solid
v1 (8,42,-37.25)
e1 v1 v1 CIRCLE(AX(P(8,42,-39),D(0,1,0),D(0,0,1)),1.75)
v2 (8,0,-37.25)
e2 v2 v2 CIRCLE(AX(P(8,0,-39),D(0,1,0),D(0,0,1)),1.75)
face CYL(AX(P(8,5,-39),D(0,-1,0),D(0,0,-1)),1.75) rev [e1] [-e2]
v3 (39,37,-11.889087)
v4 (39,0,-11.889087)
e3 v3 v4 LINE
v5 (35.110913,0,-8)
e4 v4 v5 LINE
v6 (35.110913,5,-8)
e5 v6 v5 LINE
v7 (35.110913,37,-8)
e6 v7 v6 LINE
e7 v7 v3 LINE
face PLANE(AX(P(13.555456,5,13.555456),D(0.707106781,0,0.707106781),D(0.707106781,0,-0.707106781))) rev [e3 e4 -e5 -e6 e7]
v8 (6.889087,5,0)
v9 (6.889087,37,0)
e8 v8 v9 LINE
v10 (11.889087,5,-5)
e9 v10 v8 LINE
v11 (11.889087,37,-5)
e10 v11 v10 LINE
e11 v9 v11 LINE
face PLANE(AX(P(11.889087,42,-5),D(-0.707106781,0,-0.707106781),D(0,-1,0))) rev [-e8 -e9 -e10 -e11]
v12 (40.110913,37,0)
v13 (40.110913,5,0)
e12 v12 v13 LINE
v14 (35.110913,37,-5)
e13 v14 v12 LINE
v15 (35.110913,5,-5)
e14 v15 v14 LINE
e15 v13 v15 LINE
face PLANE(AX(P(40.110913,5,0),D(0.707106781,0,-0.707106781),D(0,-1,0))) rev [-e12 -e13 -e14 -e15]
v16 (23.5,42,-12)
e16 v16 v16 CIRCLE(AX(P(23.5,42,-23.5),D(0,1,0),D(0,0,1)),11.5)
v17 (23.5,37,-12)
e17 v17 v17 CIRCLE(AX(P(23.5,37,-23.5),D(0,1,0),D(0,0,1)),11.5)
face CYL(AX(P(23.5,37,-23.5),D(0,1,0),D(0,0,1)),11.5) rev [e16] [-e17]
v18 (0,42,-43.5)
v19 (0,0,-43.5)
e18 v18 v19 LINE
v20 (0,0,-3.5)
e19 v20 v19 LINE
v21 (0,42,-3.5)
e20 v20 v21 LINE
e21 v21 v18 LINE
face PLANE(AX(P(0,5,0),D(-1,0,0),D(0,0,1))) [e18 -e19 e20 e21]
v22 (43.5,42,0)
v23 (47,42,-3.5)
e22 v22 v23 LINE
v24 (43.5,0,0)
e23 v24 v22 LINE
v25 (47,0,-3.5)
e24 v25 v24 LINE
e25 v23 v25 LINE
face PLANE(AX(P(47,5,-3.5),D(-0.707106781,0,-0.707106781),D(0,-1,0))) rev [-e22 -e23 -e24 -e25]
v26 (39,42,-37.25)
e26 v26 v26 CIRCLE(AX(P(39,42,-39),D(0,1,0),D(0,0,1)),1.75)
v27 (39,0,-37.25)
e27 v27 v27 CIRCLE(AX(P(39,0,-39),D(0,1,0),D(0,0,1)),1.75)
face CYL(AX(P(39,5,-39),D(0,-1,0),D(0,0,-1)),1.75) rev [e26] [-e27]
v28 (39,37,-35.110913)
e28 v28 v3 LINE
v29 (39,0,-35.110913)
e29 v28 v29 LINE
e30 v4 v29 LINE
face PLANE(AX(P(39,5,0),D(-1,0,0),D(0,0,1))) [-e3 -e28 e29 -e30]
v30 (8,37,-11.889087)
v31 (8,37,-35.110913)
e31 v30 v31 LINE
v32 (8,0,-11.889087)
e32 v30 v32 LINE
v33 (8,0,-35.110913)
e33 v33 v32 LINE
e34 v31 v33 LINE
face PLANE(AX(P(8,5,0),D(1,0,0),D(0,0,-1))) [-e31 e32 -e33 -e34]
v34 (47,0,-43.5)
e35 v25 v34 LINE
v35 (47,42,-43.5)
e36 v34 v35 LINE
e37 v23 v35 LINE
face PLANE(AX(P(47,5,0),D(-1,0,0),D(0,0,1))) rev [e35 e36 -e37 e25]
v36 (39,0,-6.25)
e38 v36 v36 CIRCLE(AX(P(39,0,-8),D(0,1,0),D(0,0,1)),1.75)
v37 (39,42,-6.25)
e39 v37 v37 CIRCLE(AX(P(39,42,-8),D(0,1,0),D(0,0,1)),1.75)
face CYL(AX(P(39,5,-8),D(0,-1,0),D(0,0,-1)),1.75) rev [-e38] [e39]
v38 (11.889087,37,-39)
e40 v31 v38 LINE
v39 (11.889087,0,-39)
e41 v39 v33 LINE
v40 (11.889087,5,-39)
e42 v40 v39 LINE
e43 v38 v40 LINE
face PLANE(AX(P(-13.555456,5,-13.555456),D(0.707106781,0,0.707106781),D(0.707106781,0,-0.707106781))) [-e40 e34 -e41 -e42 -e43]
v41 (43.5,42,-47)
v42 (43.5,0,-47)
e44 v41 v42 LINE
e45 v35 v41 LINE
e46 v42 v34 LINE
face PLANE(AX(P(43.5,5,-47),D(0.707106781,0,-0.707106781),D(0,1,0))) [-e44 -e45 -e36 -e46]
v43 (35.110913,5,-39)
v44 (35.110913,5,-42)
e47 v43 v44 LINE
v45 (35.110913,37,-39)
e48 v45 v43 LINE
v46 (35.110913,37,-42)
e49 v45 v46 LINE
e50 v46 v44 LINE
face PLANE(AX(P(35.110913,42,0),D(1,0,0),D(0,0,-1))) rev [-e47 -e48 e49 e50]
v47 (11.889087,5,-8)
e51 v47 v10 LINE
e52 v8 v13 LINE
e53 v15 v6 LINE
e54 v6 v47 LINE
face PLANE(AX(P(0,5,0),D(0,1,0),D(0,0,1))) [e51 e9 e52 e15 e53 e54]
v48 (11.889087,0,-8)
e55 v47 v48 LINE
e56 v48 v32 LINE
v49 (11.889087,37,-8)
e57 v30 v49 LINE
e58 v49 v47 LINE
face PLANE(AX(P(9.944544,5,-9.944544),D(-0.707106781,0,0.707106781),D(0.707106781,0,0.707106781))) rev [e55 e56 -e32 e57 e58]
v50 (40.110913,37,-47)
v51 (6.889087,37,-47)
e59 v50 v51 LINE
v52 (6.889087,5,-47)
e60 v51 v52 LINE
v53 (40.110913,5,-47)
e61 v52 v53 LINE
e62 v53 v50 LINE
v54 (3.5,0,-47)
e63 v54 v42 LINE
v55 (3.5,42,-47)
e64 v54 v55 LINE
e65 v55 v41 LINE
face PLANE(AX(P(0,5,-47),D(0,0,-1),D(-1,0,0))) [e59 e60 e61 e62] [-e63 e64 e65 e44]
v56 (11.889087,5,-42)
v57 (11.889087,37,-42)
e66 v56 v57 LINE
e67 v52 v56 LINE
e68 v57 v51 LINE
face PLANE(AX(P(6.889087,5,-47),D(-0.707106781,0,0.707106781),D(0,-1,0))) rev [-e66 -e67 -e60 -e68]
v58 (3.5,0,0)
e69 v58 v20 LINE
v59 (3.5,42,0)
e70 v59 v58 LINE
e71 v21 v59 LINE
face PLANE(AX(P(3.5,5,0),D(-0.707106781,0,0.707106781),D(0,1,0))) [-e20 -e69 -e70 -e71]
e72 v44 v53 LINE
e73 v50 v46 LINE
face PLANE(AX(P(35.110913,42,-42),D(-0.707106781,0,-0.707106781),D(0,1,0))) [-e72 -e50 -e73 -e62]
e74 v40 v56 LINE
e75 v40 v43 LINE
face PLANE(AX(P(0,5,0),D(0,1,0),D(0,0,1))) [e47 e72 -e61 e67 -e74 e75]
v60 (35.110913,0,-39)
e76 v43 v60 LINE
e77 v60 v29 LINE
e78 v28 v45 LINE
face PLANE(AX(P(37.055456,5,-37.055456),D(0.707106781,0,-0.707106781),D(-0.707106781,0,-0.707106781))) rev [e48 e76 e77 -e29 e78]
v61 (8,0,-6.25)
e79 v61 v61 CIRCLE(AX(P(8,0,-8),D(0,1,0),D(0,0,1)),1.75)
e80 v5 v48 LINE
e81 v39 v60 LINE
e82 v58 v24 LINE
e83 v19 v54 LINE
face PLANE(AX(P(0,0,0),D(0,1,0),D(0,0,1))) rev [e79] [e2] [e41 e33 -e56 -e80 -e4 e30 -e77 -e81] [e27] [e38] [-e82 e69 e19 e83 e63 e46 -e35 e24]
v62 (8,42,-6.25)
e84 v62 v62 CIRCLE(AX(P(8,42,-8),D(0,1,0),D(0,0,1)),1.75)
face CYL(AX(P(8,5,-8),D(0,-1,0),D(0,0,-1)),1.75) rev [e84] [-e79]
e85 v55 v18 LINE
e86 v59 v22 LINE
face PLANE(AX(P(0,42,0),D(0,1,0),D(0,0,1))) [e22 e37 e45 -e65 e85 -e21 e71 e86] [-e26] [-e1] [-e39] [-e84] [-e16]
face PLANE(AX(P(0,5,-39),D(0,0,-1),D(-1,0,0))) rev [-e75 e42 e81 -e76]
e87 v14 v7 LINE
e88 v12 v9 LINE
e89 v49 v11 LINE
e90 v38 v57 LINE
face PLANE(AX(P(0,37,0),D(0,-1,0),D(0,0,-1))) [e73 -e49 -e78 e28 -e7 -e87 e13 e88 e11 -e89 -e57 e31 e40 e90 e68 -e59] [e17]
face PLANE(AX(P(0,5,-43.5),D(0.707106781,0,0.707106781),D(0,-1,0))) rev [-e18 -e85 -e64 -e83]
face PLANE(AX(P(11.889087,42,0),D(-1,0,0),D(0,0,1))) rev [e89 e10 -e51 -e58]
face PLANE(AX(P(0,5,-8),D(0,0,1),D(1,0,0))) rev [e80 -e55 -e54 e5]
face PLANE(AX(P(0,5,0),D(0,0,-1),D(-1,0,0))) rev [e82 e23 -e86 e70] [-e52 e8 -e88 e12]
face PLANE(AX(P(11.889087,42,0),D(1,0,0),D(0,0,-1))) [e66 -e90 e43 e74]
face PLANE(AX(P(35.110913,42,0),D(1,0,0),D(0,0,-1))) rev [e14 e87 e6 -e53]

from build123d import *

# Parameters (mm, degrees)
SKETCH1_R           = 1.75
SKETCH1_W           = 8
SKETCH1_H           = 23.221825406
SKETCH1_W_2         = 23.221825406
SKETCH1_H_2         = 8
BOSS_EXTRUDE1_DEPTH = 5
SKETCH1_3_R         = 1.75
SKETCH1_3_W         = 8
SKETCH1_3_H         = 23.221825406
BOSS_EXTRUDE2_DEPTH = 42
BOSS_EXTRUDE3_START = 37
SKETCH1_4_R         = 11.5
SKETCH1_4_W         = 23.221825406
SKETCH1_4_H         = 8
SKETCH1_4_R_2       = 1.75
SKETCH1_4_W_2       = 8
SKETCH1_4_H_2       = 23.221825406
BOSS_EXTRUDE3_DEPTH = 5
CHAMFER2_SIZE       = 5
CHAMFER4_SIZE       = 3.5


with BuildPart() as part:
    # Sketch1 → Boss-Extrude1 (new body)
    # profile 1 of 8: a face of its own
    with BuildSketch(Plane(origin=(0, 0, 0), x_dir=(1, 0, 0), z_dir=(0, 1, 0))):
        Polygon((0, 47), (0, 35.110912703), (8, 35.110912703), (11.889087297, 39), (11.889087297, 47), align=None)
        with Locations(Location((8, 39, 0), (0, 0, 270))):
            Circle(SKETCH1_R, mode=Mode.SUBTRACT)
    # profile 2 of 8: a face of its own
    with BuildSketch(Plane(origin=(0, 0, 0), x_dir=(1, 0, 0), z_dir=(0, 1, 0))):
        with Locations((4, 23.5)):
            Rectangle(SKETCH1_W, SKETCH1_H)
    # profile 3 of 8: a face of its own
    with BuildSketch(Plane(origin=(0, 0, 0), x_dir=(1, 0, 0), z_dir=(0, 1, 0))):
        Polygon((0, 11.889087297), (0, 0), (11.889087297, 0), (11.889087297, 8), (8, 11.889087297), align=None)
        with Locations(Location((8, 8, 0), (0, 0, 270))):
            Circle(SKETCH1_R, mode=Mode.SUBTRACT)
    # profile 4 of 8: a face of its own
    with BuildSketch(Plane(origin=(0, 0, 0), x_dir=(1, 0, 0), z_dir=(0, 1, 0))):
        with Locations((23.5, 4)):
            Rectangle(SKETCH1_W_2, SKETCH1_H_2)
    # profile 5 of 8: a face of its own
    with BuildSketch(Plane(origin=(0, 0, 0), x_dir=(1, 0, 0), z_dir=(0, 1, 0))):
        Polygon((35.110912703, 8), (35.110912703, 0), (47, 0), (47, 11.889087297), (39, 11.889087297), align=None)
        with Locations(Location((39, 8, 0), (0, 0, 270))):
            Circle(SKETCH1_R, mode=Mode.SUBTRACT)
    # profile 6 of 8: a face of its own
    with BuildSketch(Plane(origin=(0, 0, 0), x_dir=(1, 0, 0), z_dir=(0, 1, 0))):
        with Locations((43, 23.5)):
            Rectangle(SKETCH1_W, SKETCH1_H)
    # profile 7 of 8: a face of its own
    with BuildSketch(Plane(origin=(0, 0, 0), x_dir=(1, 0, 0), z_dir=(0, 1, 0))):
        Polygon((39, 35.110912703), (47, 35.110912703), (47, 47), (35.110912703, 47), (35.110912703, 39), align=None)
        with Locations(Location((39, 39, 0), (0, 0, 270))):
            Circle(SKETCH1_R, mode=Mode.SUBTRACT)
    # profile 8 of 8: a face of its own
    with BuildSketch(Plane(origin=(0, 0, 0), x_dir=(1, 0, 0), z_dir=(0, 1, 0))):
        with Locations((23.5, 43)):
            Rectangle(SKETCH1_W_2, SKETCH1_H_2)
    extrude(amount=BOSS_EXTRUDE1_DEPTH)

    # Sketch1<3> → Boss-Extrude2 (add)
    # profile 1 of 6: a face of its own
    with BuildSketch(Plane(origin=(0, 0, 0), x_dir=(1, 0, 0), z_dir=(0, 1, 0))):
        Polygon((0, 11.889087297), (0, 0), (11.889087297, 0), (11.889087297, 8), (8, 11.889087297), align=None)
        with Locations(Location((8, 8, 0), (0, 0, 270))):
            Circle(SKETCH1_3_R, mode=Mode.SUBTRACT)
    # profile 2 of 6: a face of its own
    with BuildSketch(Plane(origin=(0, 0, 0), x_dir=(1, 0, 0), z_dir=(0, 1, 0))):
        Polygon((0, 47), (0, 35.110912703), (8, 35.110912703), (11.889087297, 39), (11.889087297, 47), align=None)
        with Locations(Location((8, 39, 0), (0, 0, 270))):
            Circle(SKETCH1_3_R, mode=Mode.SUBTRACT)
    # profile 3 of 6: a face of its own
    with BuildSketch(Plane(origin=(0, 0, 0), x_dir=(1, 0, 0), z_dir=(0, 1, 0))):
        Polygon((39, 35.110912703), (47, 35.110912703), (47, 47), (35.110912703, 47), (35.110912703, 39), align=None)
        with Locations(Location((39, 39, 0), (0, 0, 270))):
            Circle(SKETCH1_3_R, mode=Mode.SUBTRACT)
    # profile 4 of 6: a face of its own
    with BuildSketch(Plane(origin=(0, 0, 0), x_dir=(1, 0, 0), z_dir=(0, 1, 0))):
        Polygon((35.110912703, 8), (35.110912703, 0), (47, 0), (47, 11.889087297), (39, 11.889087297), align=None)
        with Locations(Location((39, 8, 0), (0, 0, 270))):
            Circle(SKETCH1_3_R, mode=Mode.SUBTRACT)
    # profile 5 of 6: a face of its own
    with BuildSketch(Plane(origin=(0, 0, 0), x_dir=(1, 0, 0), z_dir=(0, 1, 0))):
        with Locations((4, 23.5)):
            Rectangle(SKETCH1_3_W, SKETCH1_3_H)
    # profile 6 of 6: a face of its own
    with BuildSketch(Plane(origin=(0, 0, 0), x_dir=(1, 0, 0), z_dir=(0, 1, 0))):
        with Locations((43, 23.5)):
            Rectangle(SKETCH1_3_W, SKETCH1_3_H)
    extrude(amount=BOSS_EXTRUDE2_DEPTH)

    # Sketch1<4> → Boss-Extrude3 (add)
    # profile 1 of 9: a face of its own
    with BuildSketch(Plane(origin=(0, 0, 0), x_dir=(1, 0, 0), z_dir=(0, 1, 0)).offset(BOSS_EXTRUDE3_START)):
        Polygon((11.889087297, 39), (8, 35.110912703), (8, 11.889087297), (11.889087297, 8), (35.110912703, 8), (39, 11.889087297), (39, 35.110912703), (35.110912703, 39), align=None)
        with Locations(Location((23.5, 23.5, 0), (0, 0, 270))):
            Circle(SKETCH1_4_R, mode=Mode.SUBTRACT)
    # profile 2 of 9: a face of its own
    with BuildSketch(Plane(origin=(0, 0, 0), x_dir=(1, 0, 0), z_dir=(0, 1, 0)).offset(BOSS_EXTRUDE3_START)):
        with Locations((23.5, 43)):
            Rectangle(SKETCH1_4_W, SKETCH1_4_H)
    # profile 3 of 9: a face of its own
    with BuildSketch(Plane(origin=(0, 0, 0), x_dir=(1, 0, 0), z_dir=(0, 1, 0)).offset(BOSS_EXTRUDE3_START)):
        Polygon((0, 47), (0, 35.110912703), (8, 35.110912703), (11.889087297, 39), (11.889087297, 47), align=None)
        with Locations(Location((8, 39, 0), (0, 0, 270))):
            Circle(SKETCH1_4_R_2, mode=Mode.SUBTRACT)
    # profile 4 of 9: a face of its own
    with BuildSketch(Plane(origin=(0, 0, 0), x_dir=(1, 0, 0), z_dir=(0, 1, 0)).offset(BOSS_EXTRUDE3_START)):
        with Locations((4, 23.5)):
            Rectangle(SKETCH1_4_W_2, SKETCH1_4_H_2)
    # profile 5 of 9: a face of its own
    with BuildSketch(Plane(origin=(0, 0, 0), x_dir=(1, 0, 0), z_dir=(0, 1, 0)).offset(BOSS_EXTRUDE3_START)):
        Polygon((0, 11.889087297), (0, 0), (11.889087297, 0), (11.889087297, 8), (8, 11.889087297), align=None)
        with Locations(Location((8, 8, 0), (0, 0, 270))):
            Circle(SKETCH1_4_R_2, mode=Mode.SUBTRACT)
    # profile 6 of 9: a face of its own
    with BuildSketch(Plane(origin=(0, 0, 0), x_dir=(1, 0, 0), z_dir=(0, 1, 0)).offset(BOSS_EXTRUDE3_START)):
        with Locations((23.5, 4)):
            Rectangle(SKETCH1_4_W, SKETCH1_4_H)
    # profile 7 of 9: a face of its own
    with BuildSketch(Plane(origin=(0, 0, 0), x_dir=(1, 0, 0), z_dir=(0, 1, 0)).offset(BOSS_EXTRUDE3_START)):
        Polygon((35.110912703, 8), (35.110912703, 0), (47, 0), (47, 11.889087297), (39, 11.889087297), align=None)
        with Locations(Location((39, 8, 0), (0, 0, 270))):
            Circle(SKETCH1_4_R_2, mode=Mode.SUBTRACT)
    # profile 8 of 9: a face of its own
    with BuildSketch(Plane(origin=(0, 0, 0), x_dir=(1, 0, 0), z_dir=(0, 1, 0)).offset(BOSS_EXTRUDE3_START)):
        with Locations((43, 23.5)):
            Rectangle(SKETCH1_4_W_2, SKETCH1_4_H_2)
    # profile 9 of 9: a face of its own
    with BuildSketch(Plane(origin=(0, 0, 0), x_dir=(1, 0, 0), z_dir=(0, 1, 0)).offset(BOSS_EXTRUDE3_START)):
        Polygon((39, 35.110912703), (47, 35.110912703), (47, 47), (35.110912703, 47), (35.110912703, 39), align=None)
        with Locations(Location((39, 39, 0), (0, 0, 270))):
            Circle(SKETCH1_4_R_2, mode=Mode.SUBTRACT)
    extrude(amount=BOSS_EXTRUDE3_DEPTH)

    # Chamfer2
    chamfer2_edges = [part.edges().sort_by_distance(p)[0] for p in [
        (35.110912703, 21, -47),
        (35.110912703, 21, 0),
        (11.889087297, 21, 0),
        (11.889087297, 21, -47),
    ]]
    chamfer(chamfer2_edges, length=CHAMFER2_SIZE)

    # Chamfer4
    chamfer4_edges = [part.edges().sort_by_distance(p)[0] for p in [
        (0, 21, 0),
        (0, 21, -47),
        (47, 21, -47),
        (47, 21, 0),
    ]]
    chamfer(chamfer4_edges, length=CHAMFER4_SIZE)


solid = part.part
